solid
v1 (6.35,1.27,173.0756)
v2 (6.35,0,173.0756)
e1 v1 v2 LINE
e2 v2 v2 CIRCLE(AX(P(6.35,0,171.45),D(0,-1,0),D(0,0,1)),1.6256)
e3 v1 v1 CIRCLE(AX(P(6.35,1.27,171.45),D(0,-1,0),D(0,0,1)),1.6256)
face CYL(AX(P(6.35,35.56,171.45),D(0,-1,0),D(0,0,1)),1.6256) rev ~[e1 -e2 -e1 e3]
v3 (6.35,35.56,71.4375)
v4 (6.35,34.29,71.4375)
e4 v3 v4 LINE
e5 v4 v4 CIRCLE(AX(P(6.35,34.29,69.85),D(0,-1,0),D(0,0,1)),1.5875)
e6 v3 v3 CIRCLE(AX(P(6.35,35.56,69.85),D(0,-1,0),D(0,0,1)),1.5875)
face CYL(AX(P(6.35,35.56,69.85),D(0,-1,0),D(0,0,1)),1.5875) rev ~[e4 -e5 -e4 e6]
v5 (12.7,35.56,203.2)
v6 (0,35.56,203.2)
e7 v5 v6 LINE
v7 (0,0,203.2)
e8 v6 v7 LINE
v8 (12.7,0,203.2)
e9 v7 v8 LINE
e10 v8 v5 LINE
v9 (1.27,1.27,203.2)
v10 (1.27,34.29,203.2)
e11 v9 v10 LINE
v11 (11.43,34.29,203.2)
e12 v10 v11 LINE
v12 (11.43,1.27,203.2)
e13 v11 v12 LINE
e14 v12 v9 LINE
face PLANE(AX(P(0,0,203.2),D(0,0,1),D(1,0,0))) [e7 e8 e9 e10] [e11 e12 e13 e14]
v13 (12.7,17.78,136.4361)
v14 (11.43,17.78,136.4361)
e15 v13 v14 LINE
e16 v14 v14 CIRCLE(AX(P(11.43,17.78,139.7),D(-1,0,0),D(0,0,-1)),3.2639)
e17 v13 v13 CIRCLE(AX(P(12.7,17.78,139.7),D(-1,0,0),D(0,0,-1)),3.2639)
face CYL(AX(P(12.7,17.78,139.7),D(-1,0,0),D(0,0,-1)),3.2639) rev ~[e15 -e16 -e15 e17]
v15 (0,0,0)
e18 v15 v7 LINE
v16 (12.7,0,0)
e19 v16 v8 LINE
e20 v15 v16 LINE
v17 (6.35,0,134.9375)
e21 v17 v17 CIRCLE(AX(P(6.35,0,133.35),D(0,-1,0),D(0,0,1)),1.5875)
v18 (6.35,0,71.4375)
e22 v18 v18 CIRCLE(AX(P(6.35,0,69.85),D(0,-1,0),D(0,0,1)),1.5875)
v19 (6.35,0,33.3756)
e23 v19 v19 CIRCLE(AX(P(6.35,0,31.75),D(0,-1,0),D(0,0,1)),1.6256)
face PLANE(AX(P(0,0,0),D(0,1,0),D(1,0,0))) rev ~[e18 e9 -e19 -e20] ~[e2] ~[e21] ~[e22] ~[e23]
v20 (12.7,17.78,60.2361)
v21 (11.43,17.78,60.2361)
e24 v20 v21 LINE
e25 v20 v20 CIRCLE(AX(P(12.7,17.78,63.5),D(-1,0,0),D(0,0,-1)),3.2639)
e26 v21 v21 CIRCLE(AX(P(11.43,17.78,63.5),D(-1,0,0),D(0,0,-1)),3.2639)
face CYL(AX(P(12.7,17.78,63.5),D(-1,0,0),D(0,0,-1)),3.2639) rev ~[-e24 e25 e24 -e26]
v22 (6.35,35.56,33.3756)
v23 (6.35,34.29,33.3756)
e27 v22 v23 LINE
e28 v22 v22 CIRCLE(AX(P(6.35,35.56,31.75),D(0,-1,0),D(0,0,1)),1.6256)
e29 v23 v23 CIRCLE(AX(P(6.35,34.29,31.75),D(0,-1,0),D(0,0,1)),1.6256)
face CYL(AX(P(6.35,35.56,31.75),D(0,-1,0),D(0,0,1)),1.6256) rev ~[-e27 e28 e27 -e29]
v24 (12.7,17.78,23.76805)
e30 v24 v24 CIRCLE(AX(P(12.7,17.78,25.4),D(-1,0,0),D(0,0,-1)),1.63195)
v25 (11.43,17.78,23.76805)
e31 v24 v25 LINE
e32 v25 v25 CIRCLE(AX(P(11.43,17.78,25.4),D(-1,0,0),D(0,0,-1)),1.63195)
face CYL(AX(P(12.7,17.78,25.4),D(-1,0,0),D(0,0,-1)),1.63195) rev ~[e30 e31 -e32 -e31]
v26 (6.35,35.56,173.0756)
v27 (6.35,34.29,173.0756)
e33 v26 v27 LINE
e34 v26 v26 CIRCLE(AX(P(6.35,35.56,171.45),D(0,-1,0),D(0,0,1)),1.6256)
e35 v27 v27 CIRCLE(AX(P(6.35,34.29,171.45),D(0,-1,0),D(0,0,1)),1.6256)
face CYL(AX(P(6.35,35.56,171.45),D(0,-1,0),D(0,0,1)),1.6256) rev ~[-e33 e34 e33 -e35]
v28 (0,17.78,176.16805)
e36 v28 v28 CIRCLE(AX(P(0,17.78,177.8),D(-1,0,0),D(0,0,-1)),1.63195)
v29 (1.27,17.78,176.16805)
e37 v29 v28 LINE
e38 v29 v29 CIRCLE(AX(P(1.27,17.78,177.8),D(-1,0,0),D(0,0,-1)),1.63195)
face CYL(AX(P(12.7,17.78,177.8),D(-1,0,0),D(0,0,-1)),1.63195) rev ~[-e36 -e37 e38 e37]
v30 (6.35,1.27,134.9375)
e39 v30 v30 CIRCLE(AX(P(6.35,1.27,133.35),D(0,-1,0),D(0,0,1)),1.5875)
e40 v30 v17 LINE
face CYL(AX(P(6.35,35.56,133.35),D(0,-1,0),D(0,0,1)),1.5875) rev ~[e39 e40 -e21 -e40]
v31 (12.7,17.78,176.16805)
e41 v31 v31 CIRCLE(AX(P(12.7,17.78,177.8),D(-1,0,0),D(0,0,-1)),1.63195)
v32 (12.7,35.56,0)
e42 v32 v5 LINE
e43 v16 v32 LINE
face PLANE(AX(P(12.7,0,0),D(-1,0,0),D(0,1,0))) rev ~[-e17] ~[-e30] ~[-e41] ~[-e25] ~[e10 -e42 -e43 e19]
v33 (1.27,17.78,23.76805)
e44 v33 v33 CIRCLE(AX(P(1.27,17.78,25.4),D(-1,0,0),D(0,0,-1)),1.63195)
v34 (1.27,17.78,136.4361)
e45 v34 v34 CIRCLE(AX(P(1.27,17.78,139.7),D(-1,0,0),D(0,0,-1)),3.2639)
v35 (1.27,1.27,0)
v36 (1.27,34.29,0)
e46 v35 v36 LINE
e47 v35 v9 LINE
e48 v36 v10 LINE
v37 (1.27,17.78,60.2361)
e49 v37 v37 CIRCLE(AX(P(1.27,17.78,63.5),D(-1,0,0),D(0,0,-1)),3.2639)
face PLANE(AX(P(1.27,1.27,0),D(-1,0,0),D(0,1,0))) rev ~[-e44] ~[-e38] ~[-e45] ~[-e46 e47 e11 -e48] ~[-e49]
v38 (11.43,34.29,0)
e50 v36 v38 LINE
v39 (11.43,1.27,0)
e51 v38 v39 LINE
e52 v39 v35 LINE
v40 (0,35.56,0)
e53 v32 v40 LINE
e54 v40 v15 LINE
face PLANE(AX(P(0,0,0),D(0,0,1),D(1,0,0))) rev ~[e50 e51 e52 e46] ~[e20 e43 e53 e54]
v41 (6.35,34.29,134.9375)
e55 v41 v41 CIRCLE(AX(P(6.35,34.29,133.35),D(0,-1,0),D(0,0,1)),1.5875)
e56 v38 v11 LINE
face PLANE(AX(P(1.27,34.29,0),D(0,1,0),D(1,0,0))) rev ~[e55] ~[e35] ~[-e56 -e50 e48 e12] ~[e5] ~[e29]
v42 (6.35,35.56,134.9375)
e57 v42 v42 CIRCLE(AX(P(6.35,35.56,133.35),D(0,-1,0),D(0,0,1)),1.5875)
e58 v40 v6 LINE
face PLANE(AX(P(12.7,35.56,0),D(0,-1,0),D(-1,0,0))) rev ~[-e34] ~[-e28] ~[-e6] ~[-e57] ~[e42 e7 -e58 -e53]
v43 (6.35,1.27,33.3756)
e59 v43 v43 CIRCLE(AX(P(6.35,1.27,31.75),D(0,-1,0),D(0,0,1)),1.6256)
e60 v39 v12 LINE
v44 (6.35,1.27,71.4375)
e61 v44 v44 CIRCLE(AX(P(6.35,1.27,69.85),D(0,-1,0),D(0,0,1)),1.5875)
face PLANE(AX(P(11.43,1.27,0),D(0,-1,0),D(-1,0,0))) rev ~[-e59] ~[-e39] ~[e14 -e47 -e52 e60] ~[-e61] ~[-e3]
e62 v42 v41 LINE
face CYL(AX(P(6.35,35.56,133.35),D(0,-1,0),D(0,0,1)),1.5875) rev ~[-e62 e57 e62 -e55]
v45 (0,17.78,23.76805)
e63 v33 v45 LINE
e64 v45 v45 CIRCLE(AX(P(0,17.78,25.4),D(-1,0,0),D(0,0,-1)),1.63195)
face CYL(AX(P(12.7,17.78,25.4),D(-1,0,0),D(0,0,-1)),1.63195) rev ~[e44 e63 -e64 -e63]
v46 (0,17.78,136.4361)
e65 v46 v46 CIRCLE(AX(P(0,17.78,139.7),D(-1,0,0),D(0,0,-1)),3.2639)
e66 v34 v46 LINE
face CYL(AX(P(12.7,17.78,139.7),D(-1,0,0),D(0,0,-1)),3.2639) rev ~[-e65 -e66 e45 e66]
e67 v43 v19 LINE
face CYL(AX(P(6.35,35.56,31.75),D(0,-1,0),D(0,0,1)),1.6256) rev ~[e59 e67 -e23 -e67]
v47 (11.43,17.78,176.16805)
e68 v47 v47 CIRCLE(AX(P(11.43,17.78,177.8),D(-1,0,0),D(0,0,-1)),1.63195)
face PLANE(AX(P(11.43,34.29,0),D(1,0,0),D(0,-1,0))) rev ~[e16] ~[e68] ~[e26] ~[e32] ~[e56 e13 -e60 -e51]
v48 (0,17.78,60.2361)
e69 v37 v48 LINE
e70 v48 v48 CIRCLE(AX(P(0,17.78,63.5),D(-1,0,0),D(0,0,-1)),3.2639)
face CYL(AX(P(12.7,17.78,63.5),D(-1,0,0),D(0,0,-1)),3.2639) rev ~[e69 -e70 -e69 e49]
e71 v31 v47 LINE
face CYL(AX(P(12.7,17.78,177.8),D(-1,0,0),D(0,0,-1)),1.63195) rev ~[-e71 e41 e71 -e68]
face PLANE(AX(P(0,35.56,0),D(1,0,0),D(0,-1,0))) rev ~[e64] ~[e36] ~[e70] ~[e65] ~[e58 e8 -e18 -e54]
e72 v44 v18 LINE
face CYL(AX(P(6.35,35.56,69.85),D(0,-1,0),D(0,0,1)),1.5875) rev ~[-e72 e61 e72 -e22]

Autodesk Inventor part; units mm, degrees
ref_plane "YZ Plane" through (0, 0, 0) normal (1, 0, 0) x (0, 1, 0)
ref_plane "XZ Plane" through (0, 0, 0) normal (0, 1, 0) x (-1, 0, 0)
ref_plane "XY Plane" through (0, 0, 0) normal (0, 0, 1) x (1, 0, 0)
sketch "Sketch1" plane through (0, 0, 0) normal (0, 0, 1) x (1, 0, 0)
  line L0 (0, 0) -> (12.7, 0)
  line L1 (12.7, 0) -> (12.7, 35.56)
  line L2 (12.7, 35.56) -> (0, 35.56)
  line L3 (0, 35.56) -> (0, 0)
  line L4 (1.27, 34.29) -> (11.43, 34.29)
  line L5 (11.43, 34.29) -> (11.43, 1.27)
  line L6 (11.43, 1.27) -> (1.27, 1.27)
  line L7 (1.27, 1.27) -> (1.27, 34.29)
  dimension "d0" = 35.56
  dimension "d1" = 12.7
  dimension "d2" = 1.27
extrude "Extrusion1" add sketch "Sketch1" along normal blind 203.2
sketch "Sketch2" plane through (12.7, 0, 0) normal (1, 0, 0) x (0, 0, -1)
  line L0 (-168.1044, 17.78) -> (-15.152, 17.78) construction
  line L1 (0, 0) -> (-203.2, 0) construction
  line L2 (-203.2, 0) -> (-203.2, 35.56) projected
  line L3 (0, 0) -> (0, 35.56) projected
  point P0 (-177.8, 17.78)
  point P1 (-25.4, 17.78)
  dimension "d5" = 17.78
  dimension "d6" = 25.4
  dimension "d7" = 25.4
hole "Hole1" at (12.7, 17.78, 177.8) at (12.7, 17.78, 25.4) direction (-1, 0, 0) diameter 3.2639 end through all
sketch "Sketch3" plane through (12.7, 0, 0) normal (1, 0, 0) x (0, 0, -1)
  circle A0 centre (-177.8, 17.78) radius 1.632 projected
  circle A1 centre (-25.4, 17.78) radius 1.632 projected
  line L0 (-214.4228, 17.78) -> (16.7128, 17.78) construction
  point P0 (0, 0)
  point P1 (-177.8, 17.78)
  point P2 (-25.4, 17.78)
  point P3 (-139.7, 17.78)
  point P4 (-63.5, 17.78)
  dimension "d18" = 38.1
  dimension "d19" = 38.1
hole "Hole2" at (12.7, 17.78, 139.7) at (12.7, 17.78, 63.5) direction (-1, 0, 0) diameter 6.5278 end through all
sketch "Sketch4" plane through (0, 35.56, 0) normal (0, 1, 0) x (1, 0, 0)
  line L0 (6.35, 23.2485) -> (6.35, -226.9955) construction
  line L1 (12.7, 0) -> (12.7, -203.2) construction
  line L2 (12.7, 0) -> (0, 0) projected
  line L3 (0, 0) -> (0, -203.2) projected
  line L4 (12.7, -203.2) -> (0, -203.2) projected
  line L5 (12.7, 0) -> (12.7, -203.2) projected
  point P0 (0, 0)
  point P1 (6.35, -31.75)
  point P2 (6.35, -171.45)
  dimension "d27" = 6.35
  dimension "d28" = 31.75
  dimension "d29" = 31.75
hole "Hole3" at (6.35, 35.56, 31.75) at (6.35, 35.56, 171.45) direction (0, -1, 0) diameter 3.2512 end through all
sketch "Sketch5" plane through (0, 35.56, 0) normal (0, 1, 0) x (1, 0, 0)
  line L0 (-85.4565, -101.6) -> (166.25, -101.6) construction
  line L1 (12.7, 0) -> (0, 0) construction
  line L2 (6.35, 16.7541) -> (6.35, -272.8802) construction
  line L3 (0, 0) -> (0, -203.2) construction
  line L4 (-54.5343, -133.35) -> (67.2343, -133.35) construction
  line L5 (-32.5067, -69.85) -> (120.6854, -69.85) construction
  line L6 (12.7, -203.2) -> (0, -203.2) construction
  point P0 (6.35, -69.85)
  point P1 (6.35, -133.35)
  dimension "d37" = 101.6
  dimension "d38" = 6.35
  dimension "d39" = 31.75
  dimension "d40" = 31.75
hole "Hole4" at (6.35, 35.56, 69.85) at (6.35, 35.56, 133.35) direction (0, -1, 0) diameter 3.175 end through all
properties part number "000101-1"
